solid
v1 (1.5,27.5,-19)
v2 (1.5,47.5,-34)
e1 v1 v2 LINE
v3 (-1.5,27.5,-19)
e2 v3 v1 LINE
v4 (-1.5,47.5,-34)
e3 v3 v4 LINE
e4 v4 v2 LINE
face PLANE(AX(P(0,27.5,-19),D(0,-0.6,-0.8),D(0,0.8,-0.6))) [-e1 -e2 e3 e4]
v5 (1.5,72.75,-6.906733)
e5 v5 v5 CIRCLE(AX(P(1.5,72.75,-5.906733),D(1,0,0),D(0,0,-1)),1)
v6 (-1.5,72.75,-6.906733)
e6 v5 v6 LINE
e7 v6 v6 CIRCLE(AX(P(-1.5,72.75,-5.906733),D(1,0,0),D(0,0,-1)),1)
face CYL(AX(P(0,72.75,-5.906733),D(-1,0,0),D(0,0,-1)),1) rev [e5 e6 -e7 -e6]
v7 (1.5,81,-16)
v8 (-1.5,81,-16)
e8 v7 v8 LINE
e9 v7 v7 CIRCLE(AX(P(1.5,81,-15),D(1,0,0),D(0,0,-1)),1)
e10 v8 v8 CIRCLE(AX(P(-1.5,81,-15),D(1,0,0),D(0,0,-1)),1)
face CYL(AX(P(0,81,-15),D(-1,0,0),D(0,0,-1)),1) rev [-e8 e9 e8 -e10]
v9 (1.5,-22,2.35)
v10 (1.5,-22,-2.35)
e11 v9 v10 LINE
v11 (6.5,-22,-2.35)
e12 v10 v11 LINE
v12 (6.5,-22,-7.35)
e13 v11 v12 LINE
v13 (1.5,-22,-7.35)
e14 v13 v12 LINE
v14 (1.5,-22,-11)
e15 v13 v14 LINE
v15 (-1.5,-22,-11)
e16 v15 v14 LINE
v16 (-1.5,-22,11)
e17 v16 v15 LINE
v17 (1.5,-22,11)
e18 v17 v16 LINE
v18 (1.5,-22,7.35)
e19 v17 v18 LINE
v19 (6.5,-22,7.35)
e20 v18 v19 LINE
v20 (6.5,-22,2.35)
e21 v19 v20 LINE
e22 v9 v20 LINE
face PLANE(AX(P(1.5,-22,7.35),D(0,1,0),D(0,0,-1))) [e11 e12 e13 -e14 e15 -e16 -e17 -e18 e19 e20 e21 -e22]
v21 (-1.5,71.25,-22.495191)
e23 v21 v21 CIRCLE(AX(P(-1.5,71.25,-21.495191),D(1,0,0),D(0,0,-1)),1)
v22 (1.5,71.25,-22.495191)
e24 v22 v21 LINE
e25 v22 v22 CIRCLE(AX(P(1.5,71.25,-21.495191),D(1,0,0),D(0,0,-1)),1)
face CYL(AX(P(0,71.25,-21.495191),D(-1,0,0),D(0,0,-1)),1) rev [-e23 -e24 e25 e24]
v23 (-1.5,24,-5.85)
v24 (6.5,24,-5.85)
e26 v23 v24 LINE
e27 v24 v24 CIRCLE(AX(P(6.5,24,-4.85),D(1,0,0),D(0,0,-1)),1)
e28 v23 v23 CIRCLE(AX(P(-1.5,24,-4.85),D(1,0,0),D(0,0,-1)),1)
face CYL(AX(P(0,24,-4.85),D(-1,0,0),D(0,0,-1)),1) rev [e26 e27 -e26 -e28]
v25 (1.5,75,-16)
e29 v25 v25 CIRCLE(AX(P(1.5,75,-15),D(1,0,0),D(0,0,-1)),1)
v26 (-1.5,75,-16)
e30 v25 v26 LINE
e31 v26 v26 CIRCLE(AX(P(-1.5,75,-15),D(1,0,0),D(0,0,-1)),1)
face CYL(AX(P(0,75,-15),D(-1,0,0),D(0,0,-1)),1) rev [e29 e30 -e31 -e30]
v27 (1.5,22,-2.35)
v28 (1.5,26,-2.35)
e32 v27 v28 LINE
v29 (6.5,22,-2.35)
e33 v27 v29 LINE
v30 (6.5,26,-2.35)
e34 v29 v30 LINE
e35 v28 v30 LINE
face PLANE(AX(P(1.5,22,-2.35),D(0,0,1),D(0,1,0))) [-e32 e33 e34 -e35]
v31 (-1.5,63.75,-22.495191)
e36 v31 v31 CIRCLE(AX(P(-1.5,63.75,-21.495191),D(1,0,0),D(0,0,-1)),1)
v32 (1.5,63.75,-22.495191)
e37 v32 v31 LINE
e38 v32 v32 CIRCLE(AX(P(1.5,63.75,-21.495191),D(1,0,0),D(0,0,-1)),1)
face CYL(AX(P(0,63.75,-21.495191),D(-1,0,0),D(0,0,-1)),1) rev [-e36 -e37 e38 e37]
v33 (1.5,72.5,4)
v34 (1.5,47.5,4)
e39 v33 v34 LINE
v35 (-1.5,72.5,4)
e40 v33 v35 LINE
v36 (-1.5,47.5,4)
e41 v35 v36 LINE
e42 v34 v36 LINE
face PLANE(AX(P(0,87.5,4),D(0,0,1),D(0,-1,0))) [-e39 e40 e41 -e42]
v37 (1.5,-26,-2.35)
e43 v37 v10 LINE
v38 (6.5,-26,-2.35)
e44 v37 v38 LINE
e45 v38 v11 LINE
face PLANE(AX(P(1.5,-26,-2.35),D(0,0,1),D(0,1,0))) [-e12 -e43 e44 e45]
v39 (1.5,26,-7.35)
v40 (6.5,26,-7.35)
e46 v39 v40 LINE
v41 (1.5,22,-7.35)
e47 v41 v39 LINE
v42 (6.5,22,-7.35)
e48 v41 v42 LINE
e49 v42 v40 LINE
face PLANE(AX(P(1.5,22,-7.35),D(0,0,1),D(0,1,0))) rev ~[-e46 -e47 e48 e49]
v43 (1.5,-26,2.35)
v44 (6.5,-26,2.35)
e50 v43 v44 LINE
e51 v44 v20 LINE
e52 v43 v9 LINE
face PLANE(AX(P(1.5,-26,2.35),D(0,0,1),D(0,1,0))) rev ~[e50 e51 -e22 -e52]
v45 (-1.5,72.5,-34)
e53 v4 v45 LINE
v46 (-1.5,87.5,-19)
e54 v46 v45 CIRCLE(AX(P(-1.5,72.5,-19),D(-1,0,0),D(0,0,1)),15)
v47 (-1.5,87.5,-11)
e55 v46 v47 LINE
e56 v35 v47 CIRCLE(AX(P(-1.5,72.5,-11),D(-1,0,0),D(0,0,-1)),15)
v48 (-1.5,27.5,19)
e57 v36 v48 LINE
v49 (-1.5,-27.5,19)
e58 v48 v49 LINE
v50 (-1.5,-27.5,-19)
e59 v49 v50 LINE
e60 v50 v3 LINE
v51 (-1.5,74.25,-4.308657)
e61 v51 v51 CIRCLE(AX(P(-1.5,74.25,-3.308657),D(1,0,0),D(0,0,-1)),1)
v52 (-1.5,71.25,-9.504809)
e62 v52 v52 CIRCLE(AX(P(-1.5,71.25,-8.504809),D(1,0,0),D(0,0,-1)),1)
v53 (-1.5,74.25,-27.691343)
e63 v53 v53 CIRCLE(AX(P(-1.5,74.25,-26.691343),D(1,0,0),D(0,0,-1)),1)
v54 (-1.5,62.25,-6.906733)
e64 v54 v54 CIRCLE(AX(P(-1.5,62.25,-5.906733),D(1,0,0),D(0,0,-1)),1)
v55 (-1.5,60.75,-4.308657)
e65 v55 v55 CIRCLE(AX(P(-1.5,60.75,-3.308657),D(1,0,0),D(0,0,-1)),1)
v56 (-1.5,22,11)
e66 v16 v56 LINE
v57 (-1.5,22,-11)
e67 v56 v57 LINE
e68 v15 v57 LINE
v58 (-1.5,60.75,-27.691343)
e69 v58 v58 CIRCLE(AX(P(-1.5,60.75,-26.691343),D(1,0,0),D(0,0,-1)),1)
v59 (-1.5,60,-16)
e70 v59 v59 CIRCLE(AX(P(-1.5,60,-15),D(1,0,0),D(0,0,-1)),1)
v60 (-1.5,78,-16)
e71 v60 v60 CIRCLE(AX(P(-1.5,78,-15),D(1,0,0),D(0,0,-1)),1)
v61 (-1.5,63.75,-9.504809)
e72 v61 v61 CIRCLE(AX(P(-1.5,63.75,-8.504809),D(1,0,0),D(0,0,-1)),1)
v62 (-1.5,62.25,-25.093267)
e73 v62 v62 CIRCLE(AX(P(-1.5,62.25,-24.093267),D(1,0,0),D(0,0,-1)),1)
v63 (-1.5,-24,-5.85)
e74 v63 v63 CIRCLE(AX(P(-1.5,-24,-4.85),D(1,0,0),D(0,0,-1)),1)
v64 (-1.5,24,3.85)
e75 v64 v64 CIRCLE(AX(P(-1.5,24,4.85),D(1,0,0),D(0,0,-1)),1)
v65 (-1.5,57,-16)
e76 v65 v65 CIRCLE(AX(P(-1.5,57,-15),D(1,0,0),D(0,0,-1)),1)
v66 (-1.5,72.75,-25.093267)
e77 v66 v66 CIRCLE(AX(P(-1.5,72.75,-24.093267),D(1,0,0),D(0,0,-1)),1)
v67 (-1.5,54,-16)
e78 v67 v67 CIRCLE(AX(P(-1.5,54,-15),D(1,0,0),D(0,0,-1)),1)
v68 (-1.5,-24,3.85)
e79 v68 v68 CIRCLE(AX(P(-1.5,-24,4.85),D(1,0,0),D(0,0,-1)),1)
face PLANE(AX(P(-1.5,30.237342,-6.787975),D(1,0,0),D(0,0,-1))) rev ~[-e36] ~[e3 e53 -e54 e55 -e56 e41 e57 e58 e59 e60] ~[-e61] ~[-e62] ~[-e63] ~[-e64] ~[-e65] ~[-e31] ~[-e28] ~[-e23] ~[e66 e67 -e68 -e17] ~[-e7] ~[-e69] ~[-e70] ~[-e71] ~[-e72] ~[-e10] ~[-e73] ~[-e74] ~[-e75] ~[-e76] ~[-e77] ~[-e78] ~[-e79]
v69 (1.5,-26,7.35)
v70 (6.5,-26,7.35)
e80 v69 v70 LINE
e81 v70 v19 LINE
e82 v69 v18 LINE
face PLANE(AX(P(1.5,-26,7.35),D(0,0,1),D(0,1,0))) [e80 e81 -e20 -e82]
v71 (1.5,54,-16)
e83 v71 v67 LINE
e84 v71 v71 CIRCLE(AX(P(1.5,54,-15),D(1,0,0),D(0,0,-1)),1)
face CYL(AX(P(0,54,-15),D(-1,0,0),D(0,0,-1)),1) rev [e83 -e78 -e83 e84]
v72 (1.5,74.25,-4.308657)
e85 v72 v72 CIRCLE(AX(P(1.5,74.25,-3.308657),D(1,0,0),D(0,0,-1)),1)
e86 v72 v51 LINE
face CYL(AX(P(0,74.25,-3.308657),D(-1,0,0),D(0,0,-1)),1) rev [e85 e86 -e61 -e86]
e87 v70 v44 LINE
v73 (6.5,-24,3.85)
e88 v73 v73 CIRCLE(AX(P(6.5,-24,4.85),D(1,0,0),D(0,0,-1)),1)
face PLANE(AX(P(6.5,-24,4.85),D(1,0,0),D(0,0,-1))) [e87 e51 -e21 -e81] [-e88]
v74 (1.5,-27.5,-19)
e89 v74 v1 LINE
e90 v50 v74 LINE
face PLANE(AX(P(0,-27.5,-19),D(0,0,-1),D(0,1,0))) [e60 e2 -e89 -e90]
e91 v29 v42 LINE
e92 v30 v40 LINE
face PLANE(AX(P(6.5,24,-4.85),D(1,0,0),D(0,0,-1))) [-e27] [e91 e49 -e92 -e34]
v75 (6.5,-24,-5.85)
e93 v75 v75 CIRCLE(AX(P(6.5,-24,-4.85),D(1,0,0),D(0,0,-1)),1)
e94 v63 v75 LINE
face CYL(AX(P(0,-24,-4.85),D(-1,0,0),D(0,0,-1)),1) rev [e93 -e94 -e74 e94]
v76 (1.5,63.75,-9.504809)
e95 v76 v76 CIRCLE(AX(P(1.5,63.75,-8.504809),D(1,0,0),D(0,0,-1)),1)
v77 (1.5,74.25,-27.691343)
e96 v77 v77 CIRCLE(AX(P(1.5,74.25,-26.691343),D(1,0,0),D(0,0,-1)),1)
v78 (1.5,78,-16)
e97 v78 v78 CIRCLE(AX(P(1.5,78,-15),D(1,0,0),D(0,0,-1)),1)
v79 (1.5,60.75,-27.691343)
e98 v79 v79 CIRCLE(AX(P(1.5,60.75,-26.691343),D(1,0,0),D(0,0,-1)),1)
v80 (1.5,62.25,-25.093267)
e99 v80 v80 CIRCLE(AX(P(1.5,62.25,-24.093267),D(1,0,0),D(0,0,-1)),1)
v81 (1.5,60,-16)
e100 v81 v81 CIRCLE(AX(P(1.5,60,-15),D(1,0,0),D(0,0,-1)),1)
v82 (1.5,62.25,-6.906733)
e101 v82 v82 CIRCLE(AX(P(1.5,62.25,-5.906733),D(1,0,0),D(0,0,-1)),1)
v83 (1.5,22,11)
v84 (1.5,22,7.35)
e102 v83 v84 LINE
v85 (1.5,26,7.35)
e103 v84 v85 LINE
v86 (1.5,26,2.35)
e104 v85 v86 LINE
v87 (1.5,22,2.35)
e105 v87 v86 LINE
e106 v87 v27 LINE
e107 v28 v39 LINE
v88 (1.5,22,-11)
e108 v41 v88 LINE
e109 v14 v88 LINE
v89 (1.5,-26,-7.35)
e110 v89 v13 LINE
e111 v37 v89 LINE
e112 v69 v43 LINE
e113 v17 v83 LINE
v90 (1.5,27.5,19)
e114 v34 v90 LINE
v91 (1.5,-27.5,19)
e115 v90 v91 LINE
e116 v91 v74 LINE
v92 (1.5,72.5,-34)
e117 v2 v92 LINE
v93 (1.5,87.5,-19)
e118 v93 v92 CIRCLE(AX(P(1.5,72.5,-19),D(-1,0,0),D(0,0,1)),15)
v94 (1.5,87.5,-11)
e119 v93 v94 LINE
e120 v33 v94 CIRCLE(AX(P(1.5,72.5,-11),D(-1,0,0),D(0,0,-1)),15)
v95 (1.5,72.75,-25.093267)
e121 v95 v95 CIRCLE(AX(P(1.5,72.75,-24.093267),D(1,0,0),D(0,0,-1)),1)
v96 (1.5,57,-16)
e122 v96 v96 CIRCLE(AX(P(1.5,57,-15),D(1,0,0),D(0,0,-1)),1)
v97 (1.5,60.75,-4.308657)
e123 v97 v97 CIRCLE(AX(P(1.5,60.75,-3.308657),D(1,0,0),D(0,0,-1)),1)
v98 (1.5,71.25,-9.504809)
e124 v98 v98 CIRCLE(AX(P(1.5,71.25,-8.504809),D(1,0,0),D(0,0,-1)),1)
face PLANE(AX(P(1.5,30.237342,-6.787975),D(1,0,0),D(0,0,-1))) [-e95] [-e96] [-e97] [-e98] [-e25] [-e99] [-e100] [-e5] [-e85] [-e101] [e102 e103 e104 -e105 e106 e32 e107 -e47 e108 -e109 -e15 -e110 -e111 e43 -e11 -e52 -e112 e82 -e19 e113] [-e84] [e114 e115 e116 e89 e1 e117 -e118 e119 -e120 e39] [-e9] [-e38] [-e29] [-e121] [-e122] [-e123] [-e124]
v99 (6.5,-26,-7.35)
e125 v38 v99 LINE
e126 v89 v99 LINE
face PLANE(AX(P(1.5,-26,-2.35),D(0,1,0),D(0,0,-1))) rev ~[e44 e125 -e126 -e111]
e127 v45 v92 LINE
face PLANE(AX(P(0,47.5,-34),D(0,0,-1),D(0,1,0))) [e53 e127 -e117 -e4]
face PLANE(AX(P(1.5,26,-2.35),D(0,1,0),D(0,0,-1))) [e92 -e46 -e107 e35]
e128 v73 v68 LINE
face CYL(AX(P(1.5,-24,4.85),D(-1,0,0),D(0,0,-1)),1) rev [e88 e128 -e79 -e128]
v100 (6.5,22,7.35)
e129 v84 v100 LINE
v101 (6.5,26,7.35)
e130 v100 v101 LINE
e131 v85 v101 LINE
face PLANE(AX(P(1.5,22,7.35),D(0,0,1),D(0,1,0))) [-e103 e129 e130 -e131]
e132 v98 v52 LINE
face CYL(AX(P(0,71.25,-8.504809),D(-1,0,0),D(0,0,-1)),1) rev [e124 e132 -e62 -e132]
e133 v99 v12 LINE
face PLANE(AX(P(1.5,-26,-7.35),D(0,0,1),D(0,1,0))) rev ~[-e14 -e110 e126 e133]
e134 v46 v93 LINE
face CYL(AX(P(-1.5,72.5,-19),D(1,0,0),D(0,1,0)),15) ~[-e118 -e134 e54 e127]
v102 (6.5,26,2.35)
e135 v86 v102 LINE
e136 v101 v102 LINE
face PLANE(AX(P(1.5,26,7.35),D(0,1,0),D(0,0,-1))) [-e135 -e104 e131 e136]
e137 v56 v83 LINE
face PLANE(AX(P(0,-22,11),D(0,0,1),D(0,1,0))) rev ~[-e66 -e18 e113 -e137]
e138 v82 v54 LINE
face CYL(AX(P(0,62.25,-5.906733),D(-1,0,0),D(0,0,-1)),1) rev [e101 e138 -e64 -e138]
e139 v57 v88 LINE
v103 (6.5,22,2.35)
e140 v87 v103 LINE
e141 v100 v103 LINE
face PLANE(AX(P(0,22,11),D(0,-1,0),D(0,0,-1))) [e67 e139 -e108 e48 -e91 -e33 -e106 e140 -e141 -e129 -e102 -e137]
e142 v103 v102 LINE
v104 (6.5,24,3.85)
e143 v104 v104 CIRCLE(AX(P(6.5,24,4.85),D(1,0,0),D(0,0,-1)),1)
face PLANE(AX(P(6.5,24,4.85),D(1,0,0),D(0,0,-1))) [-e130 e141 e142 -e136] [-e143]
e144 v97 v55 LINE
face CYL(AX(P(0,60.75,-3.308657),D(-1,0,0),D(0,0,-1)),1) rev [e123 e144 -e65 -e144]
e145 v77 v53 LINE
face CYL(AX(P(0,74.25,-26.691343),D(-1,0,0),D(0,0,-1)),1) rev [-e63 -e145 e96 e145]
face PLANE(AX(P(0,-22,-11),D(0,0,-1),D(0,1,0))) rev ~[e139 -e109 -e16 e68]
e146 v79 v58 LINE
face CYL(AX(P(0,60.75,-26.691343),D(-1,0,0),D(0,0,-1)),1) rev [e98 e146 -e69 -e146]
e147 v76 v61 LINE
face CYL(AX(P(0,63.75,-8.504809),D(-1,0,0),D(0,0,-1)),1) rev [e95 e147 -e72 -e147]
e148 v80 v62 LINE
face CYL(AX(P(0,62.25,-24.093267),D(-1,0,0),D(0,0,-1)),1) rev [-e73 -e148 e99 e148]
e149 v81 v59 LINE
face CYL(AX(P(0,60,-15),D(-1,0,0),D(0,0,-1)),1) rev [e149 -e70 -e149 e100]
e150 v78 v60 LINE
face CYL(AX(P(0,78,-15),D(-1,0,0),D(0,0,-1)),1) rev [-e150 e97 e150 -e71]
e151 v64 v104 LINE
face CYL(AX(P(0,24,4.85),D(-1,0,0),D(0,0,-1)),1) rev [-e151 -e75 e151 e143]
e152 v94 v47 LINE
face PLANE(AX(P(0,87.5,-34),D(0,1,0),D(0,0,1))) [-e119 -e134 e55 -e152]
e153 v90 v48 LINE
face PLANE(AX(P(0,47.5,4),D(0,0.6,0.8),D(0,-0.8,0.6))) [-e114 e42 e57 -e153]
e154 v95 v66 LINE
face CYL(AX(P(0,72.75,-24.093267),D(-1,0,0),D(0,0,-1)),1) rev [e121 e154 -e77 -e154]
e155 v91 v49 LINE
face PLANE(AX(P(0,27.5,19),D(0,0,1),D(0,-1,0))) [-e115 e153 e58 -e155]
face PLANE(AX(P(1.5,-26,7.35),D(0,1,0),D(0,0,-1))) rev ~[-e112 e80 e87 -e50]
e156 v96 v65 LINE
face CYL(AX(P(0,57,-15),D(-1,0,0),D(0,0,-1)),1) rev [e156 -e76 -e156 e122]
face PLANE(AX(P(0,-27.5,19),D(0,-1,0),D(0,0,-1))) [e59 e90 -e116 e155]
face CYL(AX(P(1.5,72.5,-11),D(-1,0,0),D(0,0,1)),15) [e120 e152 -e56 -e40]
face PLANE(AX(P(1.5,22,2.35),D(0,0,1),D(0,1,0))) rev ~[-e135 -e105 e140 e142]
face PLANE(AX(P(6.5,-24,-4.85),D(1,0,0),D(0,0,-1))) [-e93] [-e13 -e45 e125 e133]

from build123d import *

# Parameters (mm, degrees)
SKETCH1_R           = 1
SKETCH1_W           = 22
SKETCH1_H           = 44
BOSS_EXTRUDE1_DEPTH = 1.5
FILLET1_R           = 15
SKETCH2_W           = 5
SKETCH2_H           = 4
SKETCH2_R           = 1
BOSS_EXTRUDE2_DEPTH = 5


with BuildPart() as part:
    # Sketch1 → Boss-Extrude1 (new, symmetric)
    with BuildSketch(Plane(origin=(0, 0, 0), x_dir=(0, 0, -1), z_dir=(1, 0, 0))):
        Polygon((-19, -27.5), (19, -27.5), (19, 27.5), (34, 47.5), (34, 87.5), (-4, 87.5), (-4, 47.5), (-19, 27.5), align=None)
        with Locations((-4.85, -24)):
            Circle(SKETCH1_R, mode=Mode.SUBTRACT)
        with Locations((4.85, -24)):
            Circle(SKETCH1_R, mode=Mode.SUBTRACT)
        with Locations((4.85, 24)):
            Circle(SKETCH1_R, mode=Mode.SUBTRACT)
        with Locations((-4.85, 24)):
            Circle(SKETCH1_R, mode=Mode.SUBTRACT)
        with Locations((15, 75)):
            Circle(SKETCH1_R, mode=Mode.SUBTRACT)
        with Locations((15, 78)):
            Circle(SKETCH1_R, mode=Mode.SUBTRACT)
        with Locations((15, 81)):
            Circle(SKETCH1_R, mode=Mode.SUBTRACT)
        with Locations((21.495190528, 71.25)):
            Circle(SKETCH1_R, mode=Mode.SUBTRACT)
        with Locations((24.09326674, 72.75)):
            Circle(SKETCH1_R, mode=Mode.SUBTRACT)
        with Locations((26.691342951, 74.25)):
            Circle(SKETCH1_R, mode=Mode.SUBTRACT)
        with Locations((21.495190528, 63.75)):
            Circle(SKETCH1_R, mode=Mode.SUBTRACT)
        with Locations((24.09326674, 62.25)):
            Circle(SKETCH1_R, mode=Mode.SUBTRACT)
        with Locations((26.691342951, 60.75)):
            Circle(SKETCH1_R, mode=Mode.SUBTRACT)
        with Locations((15, 60)):
            Circle(SKETCH1_R, mode=Mode.SUBTRACT)
        with Locations((15, 57)):
            Circle(SKETCH1_R, mode=Mode.SUBTRACT)
        with Locations((15, 54)):
            Circle(SKETCH1_R, mode=Mode.SUBTRACT)
        with Locations((8.504809472, 63.75)):
            Circle(SKETCH1_R, mode=Mode.SUBTRACT)
        with Locations((5.90673326, 62.25)):
            Circle(SKETCH1_R, mode=Mode.SUBTRACT)
        with Locations((3.308657049, 60.75)):
            Circle(SKETCH1_R, mode=Mode.SUBTRACT)
        with Locations((8.504809472, 71.25)):
            Circle(SKETCH1_R, mode=Mode.SUBTRACT)
        with Locations((5.90673326, 72.75)):
            Circle(SKETCH1_R, mode=Mode.SUBTRACT)
        with Locations((3.308657049, 74.25)):
            Circle(SKETCH1_R, mode=Mode.SUBTRACT)
        Rectangle(SKETCH1_W, SKETCH1_H, mode=Mode.SUBTRACT)
    extrude(amount=BOSS_EXTRUDE1_DEPTH, both=True)

    # Fillet1
    fillet1_edges = [part.edges().sort_by_distance(p)[0] for p in [
        (0, 87.5, 4),
        (0, 87.5, -34),
    ]]
    fillet(fillet1_edges, radius=FILLET1_R)

    # Sketch2 → Boss-Extrude2 (add)
    # profile 1 of 4: a face of its own
    with BuildSketch(Plane(origin=(1.5, 0, 0), x_dir=(0, 0, -1), z_dir=(1, 0, 0))):
        with Locations((-4.85, -24)):
            Rectangle(SKETCH2_W, SKETCH2_H)
        with Locations((-4.85, -24)):
            Circle(SKETCH2_R, mode=Mode.SUBTRACT)
    # profile 2 of 4: a face of its own
    with BuildSketch(Plane(origin=(1.5, 0, 0), x_dir=(0, 0, -1), z_dir=(1, 0, 0))):
        with Locations((4.85, -24)):
            Rectangle(SKETCH2_W, SKETCH2_H)
        with Locations((4.85, -24)):
            Circle(SKETCH2_R, mode=Mode.SUBTRACT)
    # profile 3 of 4: a face of its own
    with BuildSketch(Plane(origin=(1.5, 0, 0), x_dir=(0, 0, -1), z_dir=(1, 0, 0))):
        with Locations((4.85, 24)):
            Rectangle(SKETCH2_W, SKETCH2_H)
        with Locations((4.85, 24)):
            Circle(SKETCH2_R, mode=Mode.SUBTRACT)
    # profile 4 of 4: a face of its own
    with BuildSketch(Plane(origin=(1.5, 0, 0), x_dir=(0, 0, -1), z_dir=(1, 0, 0))):
        with Locations((-4.85, 24)):
            Rectangle(SKETCH2_W, SKETCH2_H)
        with Locations((-4.85, 24)):
            Circle(SKETCH2_R, mode=Mode.SUBTRACT)
    extrude(amount=BOSS_EXTRUDE2_DEPTH)


solid = part.part
